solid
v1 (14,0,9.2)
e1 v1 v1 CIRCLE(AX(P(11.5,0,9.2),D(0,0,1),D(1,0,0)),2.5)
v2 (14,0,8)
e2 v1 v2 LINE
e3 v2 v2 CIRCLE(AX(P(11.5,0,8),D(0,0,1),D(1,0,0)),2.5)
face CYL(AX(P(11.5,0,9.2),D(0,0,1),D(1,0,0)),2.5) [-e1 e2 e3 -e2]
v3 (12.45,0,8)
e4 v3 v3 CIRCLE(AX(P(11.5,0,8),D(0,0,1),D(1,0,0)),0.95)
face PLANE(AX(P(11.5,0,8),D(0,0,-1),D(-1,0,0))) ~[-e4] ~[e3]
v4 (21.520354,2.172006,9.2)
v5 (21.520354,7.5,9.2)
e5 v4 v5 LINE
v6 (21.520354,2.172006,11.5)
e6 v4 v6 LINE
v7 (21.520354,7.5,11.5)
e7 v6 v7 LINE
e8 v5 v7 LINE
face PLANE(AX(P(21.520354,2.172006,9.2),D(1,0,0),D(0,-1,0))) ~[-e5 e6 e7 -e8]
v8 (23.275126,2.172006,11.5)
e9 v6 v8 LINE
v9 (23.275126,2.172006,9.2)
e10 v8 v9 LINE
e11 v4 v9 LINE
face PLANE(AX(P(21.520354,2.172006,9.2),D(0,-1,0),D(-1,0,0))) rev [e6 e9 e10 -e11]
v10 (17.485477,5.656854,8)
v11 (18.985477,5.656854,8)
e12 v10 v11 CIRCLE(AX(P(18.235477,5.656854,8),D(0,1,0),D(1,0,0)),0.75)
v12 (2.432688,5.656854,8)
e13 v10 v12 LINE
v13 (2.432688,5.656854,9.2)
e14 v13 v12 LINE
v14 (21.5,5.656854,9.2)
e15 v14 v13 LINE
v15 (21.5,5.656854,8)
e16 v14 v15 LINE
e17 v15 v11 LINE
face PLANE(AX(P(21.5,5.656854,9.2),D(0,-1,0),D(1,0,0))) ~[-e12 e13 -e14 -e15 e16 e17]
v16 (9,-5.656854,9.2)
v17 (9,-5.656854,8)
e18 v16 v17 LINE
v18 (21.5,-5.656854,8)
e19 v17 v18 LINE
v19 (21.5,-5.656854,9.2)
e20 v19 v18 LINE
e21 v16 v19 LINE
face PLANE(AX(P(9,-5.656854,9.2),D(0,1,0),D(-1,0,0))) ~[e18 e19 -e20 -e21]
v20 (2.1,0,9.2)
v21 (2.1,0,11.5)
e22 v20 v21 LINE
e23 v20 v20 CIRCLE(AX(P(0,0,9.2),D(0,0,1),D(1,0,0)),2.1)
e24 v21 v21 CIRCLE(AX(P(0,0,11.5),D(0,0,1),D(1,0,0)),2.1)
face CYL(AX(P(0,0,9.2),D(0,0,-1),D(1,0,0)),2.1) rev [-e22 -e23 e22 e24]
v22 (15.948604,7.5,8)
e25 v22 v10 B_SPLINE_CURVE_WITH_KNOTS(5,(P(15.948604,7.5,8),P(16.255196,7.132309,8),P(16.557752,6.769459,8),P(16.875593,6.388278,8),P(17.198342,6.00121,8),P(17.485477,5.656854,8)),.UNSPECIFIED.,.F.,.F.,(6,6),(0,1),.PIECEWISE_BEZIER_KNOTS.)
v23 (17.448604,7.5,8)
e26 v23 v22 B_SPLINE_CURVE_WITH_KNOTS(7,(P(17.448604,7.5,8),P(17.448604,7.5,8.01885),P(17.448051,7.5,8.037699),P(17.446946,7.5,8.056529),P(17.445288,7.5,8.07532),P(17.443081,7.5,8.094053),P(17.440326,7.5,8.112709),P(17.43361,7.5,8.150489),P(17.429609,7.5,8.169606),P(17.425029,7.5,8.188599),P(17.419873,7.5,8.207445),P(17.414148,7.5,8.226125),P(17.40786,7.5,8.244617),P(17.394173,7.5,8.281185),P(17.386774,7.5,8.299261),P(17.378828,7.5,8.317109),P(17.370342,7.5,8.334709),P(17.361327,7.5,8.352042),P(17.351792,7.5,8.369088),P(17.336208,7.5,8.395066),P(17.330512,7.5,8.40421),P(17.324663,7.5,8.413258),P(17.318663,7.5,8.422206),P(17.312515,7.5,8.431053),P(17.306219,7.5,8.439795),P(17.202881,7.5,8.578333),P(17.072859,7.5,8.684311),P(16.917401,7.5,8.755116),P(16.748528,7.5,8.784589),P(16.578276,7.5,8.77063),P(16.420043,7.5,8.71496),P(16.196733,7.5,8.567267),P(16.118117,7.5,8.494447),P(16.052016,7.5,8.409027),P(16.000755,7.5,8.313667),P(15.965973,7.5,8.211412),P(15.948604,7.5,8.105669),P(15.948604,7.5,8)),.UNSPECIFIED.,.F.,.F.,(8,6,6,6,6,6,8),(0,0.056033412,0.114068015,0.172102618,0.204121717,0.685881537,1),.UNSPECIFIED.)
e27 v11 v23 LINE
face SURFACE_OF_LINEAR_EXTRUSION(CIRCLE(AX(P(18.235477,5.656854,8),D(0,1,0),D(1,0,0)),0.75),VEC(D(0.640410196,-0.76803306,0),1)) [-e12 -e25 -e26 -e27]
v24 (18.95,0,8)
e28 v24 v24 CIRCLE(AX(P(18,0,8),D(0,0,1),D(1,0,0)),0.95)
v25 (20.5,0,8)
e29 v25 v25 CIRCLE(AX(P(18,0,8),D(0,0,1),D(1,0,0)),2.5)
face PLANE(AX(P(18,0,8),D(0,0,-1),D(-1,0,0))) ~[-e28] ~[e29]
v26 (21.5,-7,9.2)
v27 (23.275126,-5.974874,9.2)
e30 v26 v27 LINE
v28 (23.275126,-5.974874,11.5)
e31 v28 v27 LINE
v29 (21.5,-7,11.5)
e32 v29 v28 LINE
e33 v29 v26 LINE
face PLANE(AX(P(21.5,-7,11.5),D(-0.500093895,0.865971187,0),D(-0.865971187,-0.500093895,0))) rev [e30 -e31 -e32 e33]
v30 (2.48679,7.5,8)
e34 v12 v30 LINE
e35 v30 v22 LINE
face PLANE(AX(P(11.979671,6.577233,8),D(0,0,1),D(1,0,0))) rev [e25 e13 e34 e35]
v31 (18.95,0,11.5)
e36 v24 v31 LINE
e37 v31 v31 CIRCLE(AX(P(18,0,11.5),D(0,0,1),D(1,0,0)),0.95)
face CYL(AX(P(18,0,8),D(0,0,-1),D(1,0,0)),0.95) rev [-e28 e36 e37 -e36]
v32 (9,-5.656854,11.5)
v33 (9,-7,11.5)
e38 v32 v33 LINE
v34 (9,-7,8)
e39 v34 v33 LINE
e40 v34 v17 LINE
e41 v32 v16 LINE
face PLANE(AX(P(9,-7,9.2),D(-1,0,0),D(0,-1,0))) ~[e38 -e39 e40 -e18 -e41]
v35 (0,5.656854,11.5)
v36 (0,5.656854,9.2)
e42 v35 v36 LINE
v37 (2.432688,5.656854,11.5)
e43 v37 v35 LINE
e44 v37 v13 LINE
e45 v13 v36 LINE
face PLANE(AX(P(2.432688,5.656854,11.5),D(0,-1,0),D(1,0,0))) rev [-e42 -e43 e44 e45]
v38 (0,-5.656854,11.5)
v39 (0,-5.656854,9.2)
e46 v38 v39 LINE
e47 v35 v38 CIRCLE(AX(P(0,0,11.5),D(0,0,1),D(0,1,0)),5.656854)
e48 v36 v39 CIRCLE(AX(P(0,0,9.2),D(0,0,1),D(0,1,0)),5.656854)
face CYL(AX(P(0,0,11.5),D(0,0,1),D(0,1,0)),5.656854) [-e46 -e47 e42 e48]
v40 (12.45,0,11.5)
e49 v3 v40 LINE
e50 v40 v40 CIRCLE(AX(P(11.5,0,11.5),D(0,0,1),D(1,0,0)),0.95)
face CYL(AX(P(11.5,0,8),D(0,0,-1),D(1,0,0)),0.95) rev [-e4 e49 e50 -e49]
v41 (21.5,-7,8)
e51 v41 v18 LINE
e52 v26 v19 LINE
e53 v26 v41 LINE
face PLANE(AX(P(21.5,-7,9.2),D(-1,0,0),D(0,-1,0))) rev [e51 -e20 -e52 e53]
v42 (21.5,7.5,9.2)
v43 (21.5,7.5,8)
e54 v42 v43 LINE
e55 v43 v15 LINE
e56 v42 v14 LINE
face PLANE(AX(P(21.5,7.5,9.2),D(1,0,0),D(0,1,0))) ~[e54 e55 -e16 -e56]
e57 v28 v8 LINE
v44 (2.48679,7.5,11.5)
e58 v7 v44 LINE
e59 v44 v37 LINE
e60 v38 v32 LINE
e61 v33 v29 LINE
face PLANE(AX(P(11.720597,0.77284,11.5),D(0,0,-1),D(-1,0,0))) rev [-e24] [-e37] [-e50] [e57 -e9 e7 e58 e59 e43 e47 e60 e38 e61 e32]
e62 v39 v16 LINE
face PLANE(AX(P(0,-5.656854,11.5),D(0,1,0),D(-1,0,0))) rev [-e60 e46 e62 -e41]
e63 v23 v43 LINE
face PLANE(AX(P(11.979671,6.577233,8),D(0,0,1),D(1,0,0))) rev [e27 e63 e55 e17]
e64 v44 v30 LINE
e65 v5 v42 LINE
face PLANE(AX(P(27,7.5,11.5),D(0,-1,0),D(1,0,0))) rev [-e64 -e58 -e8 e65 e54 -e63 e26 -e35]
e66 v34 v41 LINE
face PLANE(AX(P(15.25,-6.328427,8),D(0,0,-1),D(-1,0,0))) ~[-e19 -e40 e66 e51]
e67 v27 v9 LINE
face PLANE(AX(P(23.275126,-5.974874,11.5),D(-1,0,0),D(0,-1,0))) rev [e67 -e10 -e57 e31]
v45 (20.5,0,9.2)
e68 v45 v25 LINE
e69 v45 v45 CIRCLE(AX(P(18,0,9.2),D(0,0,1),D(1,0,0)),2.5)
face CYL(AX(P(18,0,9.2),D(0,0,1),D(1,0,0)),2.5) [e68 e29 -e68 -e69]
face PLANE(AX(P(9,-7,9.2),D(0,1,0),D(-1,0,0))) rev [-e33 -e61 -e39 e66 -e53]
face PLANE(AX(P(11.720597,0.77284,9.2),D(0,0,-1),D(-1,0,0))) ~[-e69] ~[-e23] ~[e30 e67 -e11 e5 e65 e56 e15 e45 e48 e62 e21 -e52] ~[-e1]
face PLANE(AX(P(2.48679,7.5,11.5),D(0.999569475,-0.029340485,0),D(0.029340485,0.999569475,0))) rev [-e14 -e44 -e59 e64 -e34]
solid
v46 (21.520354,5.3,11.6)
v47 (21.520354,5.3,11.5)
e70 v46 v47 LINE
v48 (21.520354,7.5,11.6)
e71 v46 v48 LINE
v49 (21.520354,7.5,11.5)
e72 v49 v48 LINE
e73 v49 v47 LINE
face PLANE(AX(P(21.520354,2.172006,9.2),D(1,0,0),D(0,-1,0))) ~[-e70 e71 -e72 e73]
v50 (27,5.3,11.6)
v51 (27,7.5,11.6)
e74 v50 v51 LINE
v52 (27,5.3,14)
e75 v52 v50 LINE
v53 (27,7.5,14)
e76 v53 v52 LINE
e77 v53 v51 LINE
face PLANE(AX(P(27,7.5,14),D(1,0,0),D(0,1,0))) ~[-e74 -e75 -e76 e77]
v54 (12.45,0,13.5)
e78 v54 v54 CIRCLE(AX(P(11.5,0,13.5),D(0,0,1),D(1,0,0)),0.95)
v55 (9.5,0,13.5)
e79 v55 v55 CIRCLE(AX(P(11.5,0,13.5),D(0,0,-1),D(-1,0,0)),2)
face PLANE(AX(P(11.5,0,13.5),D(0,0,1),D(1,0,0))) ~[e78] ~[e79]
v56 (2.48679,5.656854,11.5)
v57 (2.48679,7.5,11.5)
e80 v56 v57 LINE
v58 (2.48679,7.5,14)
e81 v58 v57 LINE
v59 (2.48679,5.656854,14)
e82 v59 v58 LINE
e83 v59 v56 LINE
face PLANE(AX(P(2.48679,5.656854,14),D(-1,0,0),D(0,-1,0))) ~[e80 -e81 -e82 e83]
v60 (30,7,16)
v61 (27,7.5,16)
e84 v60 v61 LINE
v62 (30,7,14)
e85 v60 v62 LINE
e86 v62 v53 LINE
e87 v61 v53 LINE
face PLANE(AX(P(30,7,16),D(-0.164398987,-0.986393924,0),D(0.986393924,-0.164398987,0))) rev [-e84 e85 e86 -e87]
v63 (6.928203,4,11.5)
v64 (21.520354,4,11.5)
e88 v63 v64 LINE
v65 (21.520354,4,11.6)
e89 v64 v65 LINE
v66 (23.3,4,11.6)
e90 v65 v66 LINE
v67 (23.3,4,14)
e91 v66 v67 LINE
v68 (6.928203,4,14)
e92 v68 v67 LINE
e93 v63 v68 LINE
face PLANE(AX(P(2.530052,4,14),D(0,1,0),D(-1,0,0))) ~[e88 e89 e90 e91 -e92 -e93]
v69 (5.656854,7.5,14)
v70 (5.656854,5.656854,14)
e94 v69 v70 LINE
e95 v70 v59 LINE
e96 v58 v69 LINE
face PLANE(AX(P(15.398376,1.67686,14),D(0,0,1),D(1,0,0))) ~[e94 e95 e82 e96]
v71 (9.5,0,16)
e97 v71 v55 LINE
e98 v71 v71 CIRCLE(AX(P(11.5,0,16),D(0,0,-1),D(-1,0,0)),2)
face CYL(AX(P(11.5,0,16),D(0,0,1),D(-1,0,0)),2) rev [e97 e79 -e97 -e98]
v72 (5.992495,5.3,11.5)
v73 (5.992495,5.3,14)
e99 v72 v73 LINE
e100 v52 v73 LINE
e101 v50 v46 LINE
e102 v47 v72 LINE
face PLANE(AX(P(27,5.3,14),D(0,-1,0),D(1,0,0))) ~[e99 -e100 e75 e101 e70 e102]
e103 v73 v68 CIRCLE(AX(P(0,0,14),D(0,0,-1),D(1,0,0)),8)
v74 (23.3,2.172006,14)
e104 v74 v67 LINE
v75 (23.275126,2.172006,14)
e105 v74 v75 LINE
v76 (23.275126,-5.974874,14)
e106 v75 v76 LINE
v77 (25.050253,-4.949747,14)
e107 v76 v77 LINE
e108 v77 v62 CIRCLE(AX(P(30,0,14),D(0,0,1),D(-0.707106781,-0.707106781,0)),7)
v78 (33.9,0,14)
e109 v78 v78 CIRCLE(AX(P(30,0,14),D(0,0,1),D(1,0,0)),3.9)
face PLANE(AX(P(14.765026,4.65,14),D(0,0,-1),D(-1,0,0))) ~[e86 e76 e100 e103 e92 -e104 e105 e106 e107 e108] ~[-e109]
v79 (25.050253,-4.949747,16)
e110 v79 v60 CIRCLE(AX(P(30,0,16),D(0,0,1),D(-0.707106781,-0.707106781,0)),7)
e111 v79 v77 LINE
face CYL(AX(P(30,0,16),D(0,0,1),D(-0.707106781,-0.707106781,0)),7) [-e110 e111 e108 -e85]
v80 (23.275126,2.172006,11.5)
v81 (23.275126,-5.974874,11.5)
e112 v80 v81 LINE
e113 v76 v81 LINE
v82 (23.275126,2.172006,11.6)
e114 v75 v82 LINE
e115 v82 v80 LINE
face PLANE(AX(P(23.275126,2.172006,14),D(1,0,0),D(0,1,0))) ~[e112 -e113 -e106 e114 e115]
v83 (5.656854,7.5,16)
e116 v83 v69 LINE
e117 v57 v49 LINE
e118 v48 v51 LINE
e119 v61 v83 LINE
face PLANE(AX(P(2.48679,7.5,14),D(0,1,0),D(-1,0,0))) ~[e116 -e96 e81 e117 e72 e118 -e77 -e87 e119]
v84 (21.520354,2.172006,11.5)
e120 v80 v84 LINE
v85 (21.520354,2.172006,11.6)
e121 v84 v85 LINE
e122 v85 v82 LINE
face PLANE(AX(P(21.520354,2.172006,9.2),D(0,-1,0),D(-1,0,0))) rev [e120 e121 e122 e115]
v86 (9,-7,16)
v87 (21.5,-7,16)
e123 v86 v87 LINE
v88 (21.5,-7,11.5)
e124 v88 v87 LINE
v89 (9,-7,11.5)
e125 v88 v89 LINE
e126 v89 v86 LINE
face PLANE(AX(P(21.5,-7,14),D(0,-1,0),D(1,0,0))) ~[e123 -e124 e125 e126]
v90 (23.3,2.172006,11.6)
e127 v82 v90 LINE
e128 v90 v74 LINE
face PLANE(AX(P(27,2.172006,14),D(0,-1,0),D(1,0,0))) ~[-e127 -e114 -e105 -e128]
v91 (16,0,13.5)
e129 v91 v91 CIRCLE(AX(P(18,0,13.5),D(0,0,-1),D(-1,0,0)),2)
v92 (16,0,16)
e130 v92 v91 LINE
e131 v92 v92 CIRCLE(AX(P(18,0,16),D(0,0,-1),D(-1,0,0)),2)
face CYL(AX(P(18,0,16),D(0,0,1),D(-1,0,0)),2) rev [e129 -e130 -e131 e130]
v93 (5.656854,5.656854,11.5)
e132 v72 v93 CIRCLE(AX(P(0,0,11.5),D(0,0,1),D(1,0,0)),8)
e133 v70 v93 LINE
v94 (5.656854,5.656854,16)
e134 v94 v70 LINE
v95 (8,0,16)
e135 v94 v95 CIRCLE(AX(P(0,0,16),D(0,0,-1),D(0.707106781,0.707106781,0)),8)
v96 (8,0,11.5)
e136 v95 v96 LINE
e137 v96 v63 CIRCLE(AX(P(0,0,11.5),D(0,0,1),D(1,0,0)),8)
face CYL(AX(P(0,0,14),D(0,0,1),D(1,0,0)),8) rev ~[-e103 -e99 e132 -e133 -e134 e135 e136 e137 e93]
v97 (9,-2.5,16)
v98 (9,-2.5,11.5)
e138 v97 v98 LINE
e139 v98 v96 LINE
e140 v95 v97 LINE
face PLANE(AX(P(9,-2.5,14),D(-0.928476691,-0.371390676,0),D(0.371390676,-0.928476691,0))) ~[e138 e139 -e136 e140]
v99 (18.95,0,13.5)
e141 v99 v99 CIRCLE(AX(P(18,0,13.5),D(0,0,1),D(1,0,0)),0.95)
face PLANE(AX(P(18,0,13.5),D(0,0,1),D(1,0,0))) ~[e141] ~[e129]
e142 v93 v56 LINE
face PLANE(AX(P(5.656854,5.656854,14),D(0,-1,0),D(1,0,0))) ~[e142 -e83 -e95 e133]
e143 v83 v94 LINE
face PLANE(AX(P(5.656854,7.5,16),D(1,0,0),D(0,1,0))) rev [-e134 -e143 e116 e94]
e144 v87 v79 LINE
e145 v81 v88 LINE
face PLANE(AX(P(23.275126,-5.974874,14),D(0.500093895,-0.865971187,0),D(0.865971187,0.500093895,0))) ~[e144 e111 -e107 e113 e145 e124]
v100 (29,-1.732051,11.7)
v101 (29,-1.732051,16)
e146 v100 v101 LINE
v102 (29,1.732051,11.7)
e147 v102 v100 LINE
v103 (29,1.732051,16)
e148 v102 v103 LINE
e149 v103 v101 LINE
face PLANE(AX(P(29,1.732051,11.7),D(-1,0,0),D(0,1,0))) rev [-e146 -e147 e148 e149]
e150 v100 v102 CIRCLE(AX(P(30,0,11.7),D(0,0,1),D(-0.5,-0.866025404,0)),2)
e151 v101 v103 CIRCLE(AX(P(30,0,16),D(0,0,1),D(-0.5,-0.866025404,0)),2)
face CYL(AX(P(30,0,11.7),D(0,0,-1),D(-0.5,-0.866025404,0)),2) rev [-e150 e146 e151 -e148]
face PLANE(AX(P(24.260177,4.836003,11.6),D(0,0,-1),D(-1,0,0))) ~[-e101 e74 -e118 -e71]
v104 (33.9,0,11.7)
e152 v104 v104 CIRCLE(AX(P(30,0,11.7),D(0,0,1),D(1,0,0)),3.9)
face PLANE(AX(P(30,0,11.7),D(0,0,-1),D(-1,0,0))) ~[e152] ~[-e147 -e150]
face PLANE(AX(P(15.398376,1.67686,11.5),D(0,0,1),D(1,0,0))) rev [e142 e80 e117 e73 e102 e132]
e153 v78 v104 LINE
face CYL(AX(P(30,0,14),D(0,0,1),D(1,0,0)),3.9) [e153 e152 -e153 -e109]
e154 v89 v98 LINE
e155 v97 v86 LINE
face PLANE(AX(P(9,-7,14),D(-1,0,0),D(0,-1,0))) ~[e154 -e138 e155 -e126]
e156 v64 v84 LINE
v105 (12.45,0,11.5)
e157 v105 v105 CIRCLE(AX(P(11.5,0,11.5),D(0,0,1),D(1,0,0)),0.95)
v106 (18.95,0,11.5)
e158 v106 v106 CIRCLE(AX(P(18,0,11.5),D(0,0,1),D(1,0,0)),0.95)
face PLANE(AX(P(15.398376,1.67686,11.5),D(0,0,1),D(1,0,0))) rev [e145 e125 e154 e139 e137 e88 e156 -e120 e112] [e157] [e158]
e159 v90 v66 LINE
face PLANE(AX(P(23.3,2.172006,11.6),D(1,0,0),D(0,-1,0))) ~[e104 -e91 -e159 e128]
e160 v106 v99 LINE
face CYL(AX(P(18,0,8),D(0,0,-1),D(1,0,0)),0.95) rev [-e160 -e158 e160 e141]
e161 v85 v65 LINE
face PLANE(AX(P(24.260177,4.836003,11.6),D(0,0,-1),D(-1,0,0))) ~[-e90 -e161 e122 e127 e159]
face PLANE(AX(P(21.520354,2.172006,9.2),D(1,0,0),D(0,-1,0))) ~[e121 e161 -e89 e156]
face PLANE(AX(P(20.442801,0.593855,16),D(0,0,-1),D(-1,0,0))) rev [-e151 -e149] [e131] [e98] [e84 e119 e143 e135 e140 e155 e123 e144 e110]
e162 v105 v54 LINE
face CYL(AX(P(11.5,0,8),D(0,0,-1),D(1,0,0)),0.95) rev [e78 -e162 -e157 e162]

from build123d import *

# Parameters (mm, degrees)
BOSS_EXTRUDE1_DEPTH  = 2
BOSS_EXTRUDE6_DEPTH  = 2.5
CUT_EXTRUDE6_DEPTH   = 2.5
BOSS_EXTRUDE14_DEPTH = 2.3
SKETCH32_R           = 2.1
CUT_EXTRUDE7_DEPTH   = 2.3
SKETCH33_W           = 12.5
SKETCH33_H           = 1.343145751
BOSS_EXTRUDE15_DEPTH = 1.2
SKETCH35_W           = 5.479645997
SKETCH35_H           = 5.327993755
CUT_EXTRUDE8_DEPTH   = 2.4
SKETCH36_W           = 3.7
SKETCH36_H           = 1.827993755
CUT_EXTRUDE9_DEPTH   = 2.4
SKETCH37_R           = 3.9
BOSS_EXTRUDE16_DEPTH = 2.3
CUT_EXTRUDE10_DEPTH  = 5.3
SKETCH43_R           = 2.5
BOSS_EXTRUDE17_DEPTH = 1.2
SKETCH44_R           = 0.95
CUT_EXTRUDE11_DEPTH  = 9
SKETCH45_R           = 2
CUT_EXTRUDE12_DEPTH  = 2.5
SKETCH52_R           = 0.75
CUT_EXTRUDE13_DEPTH  = 10


with BuildPart() as part:
    # Sketch3 → Boss-Extrude1 (new body)
    with BuildSketch(Plane.XY):
        with BuildLine():
            Line((8, 0), (9, -2.5))
            Line((9, -2.5), (9, -7))
            Line((9, -7), (21.5, -7))
            Line((21.5, -7), (25.050252532, -4.949747468))
            ThreePointArc((25.050252532, -4.949747468), (36.467156728, -2.678784027), (30, 7))
            Line((30, 7), (27, 7.5))
            Line((27, 7.5), (5.656854249, 7.5))
            Line((5.656854249, 7.5), (5.656854249, 5.656854249))
            ThreePointArc((5.656854249, 5.656854249), (7.39103626, 3.061467459), (8, 0))
        make_face()
    extrude(amount=BOSS_EXTRUDE1_DEPTH)

    # Sketch22 → Boss-Extrude6 (add)
    with BuildSketch(Plane.XY.offset(2)):
        with BuildLine():
            Line((5.656854249, 5.656854249), (2.486790148, 5.656854249))
            Line((2.486790148, 5.656854249), (2.486790148, 7.5))
            Line((2.486790148, 7.5), (5.656854249, 7.5))
            Line((5.656854249, 7.5), (21.5, 7.5))
            Line((21.5, 7.5), (27, 7.5))
            Line((27, 7.5), (27, 2.172006245))
            Line((27, 2.172006245), (23.275126266, 2.172006245))
            Line((23.275126266, 2.172006245), (23.275126266, -5.974873734))
            Line((23.275126266, -5.974873734), (21.5, -7))
            Line((21.5, -7), (9, -7))
            Line((9, -7), (9, -2.5))
            Line((9, -2.5), (8, 0))
            ThreePointArc((8, 0), (7.39103626, 3.061467459), (5.656854249, 5.656854249))
        make_face()
    extrude(amount=BOSS_EXTRUDE6_DEPTH)

    # Sketch26 → Cut-Extrude6 (cut)
    with BuildSketch(Plane.XY.offset(2)):
        Polygon((18.098080448, 5.3), (2.530052458, 5.3), (2.530052458, 4), (18.098080448, 4), (27, 4), (27, 5.3), align=None)
    extrude(amount=CUT_EXTRUDE6_DEPTH, mode=Mode.SUBTRACT)


with BuildPart() as body_2:
    # Sketch31 → Boss-Extrude14 (new body)
    with BuildSketch(Plane.XY.offset(4.5)):
        with BuildLine():
            Line((2.432688066, 5.656854249), (0, 5.656854249))
            ThreePointArc((0, 5.656854249), (-5.656854249, 0), (0, -5.656854249))
            Line((0, -5.656854249), (9, -5.656854249))
            Line((9, -5.656854249), (9, -7))
            Line((9, -7), (21.5, -7))
            Line((21.5, -7), (23.275126266, -5.974873734))
            Line((23.275126266, -5.974873734), (23.275126266, 2.172006245))
            Line((23.275126266, 2.172006245), (27, 2.172006245))
            Line((27, 2.172006245), (27, 7.5))
            Line((27, 7.5), (2.486790148, 7.5))
            Line((2.486790148, 7.5), (2.432688066, 5.656854249))
        make_face()
    extrude(amount=BOSS_EXTRUDE14_DEPTH)

    # Sketch32 → Cut-Extrude7 (cut)
    with BuildSketch(Plane.XY.offset(6.8)):
        Circle(SKETCH32_R)
    extrude(amount=-CUT_EXTRUDE7_DEPTH, mode=Mode.SUBTRACT)

    # Sketch33 → Boss-Extrude15 (add)
    with BuildSketch(Plane.XY.offset(6.8)):
        with Locations((15.25, -6.328427125)):
            Rectangle(SKETCH33_W, SKETCH33_H)
        Polygon((2.486790148, 7.5), (21.5, 7.5), (21.5, 5.656854249), (2.432688066, 5.656854249), align=None)
    extrude(amount=BOSS_EXTRUDE15_DEPTH)


with BuildPart() as cut_extrude8_tool:
    # Sketch35 → Cut-Extrude8 (new body)
    with BuildSketch(Plane.XY.offset(6.8)):
        with Locations((24.260177002, 4.836003123)):
            Rectangle(SKETCH35_W, SKETCH35_H)
    extrude(amount=-CUT_EXTRUDE8_DEPTH)


with BuildPart() as part_1:
    add(part.part)

    # Cut-Extrude8: cut by cut_extrude8_tool
    add(cut_extrude8_tool.part, mode=Mode.SUBTRACT)

    # Sketch36 → Cut-Extrude9 (cut)
    with BuildSketch(Plane.XY.offset(4.4)):
        with Locations((25.15, 3.086003123)):
            Rectangle(SKETCH36_W, SKETCH36_H)
    extrude(amount=-CUT_EXTRUDE9_DEPTH, mode=Mode.SUBTRACT)

    # Sketch37 → Boss-Extrude16 (add)
    with BuildSketch(Plane.XY.offset(2)):
        with Locations((30, 0)):
            Circle(SKETCH37_R)
    extrude(amount=BOSS_EXTRUDE16_DEPTH)

    # Sketch39 → Cut-Extrude10 (cut, through all)
    with BuildSketch(Plane.XY.offset(4.3)):
        with BuildLine():
            Line((29, 1.732050808), (29, -1.732050808))
            ThreePointArc((29, -1.732050808), (32, 0), (29, 1.732050808))
        make_face()
    extrude(amount=-CUT_EXTRUDE10_DEPTH, mode=Mode.SUBTRACT)


with BuildPart() as body_2_1:
    add(body_2.part)

    # Cut-Extrude8: cut by cut_extrude8_tool
    add(cut_extrude8_tool.part, mode=Mode.SUBTRACT)

    # Sketch43 → Boss-Extrude17 (add)
    with BuildSketch(Plane.XY.offset(6.8)):
        with Locations((11.5, 0)):
            Circle(SKETCH43_R)
        with Locations((18, 0)):
            Circle(SKETCH43_R)
    extrude(amount=BOSS_EXTRUDE17_DEPTH)


with BuildPart() as cut_extrude11_tool:
    # Sketch44 → Cut-Extrude11 (new body, through all)
    with BuildSketch(Plane.XY.offset(8)):
        with Locations((11.5, 0)):
            Circle(SKETCH44_R)
        with Locations((18, 0)):
            Circle(SKETCH44_R)
    extrude(amount=-CUT_EXTRUDE11_DEPTH)


with BuildPart() as part_2:
    add(part_1.part)

    # Cut-Extrude11: cut by cut_extrude11_tool
    add(cut_extrude11_tool.part, mode=Mode.SUBTRACT)

    # Sketch45 → Cut-Extrude12 (cut)
    with BuildSketch(Plane(origin=(0, 0, 0), x_dir=(-1, 0, 0), z_dir=(0, 0, -1))):
        with Locations((-11.5, 0)):
            Circle(SKETCH45_R)
        with Locations((-18, 0)):
            Circle(SKETCH45_R)
    extrude(amount=-CUT_EXTRUDE12_DEPTH, mode=Mode.SUBTRACT)


with BuildPart() as body_2_2:
    add(body_2_1.part)

    # Cut-Extrude11: cut by cut_extrude11_tool
    add(cut_extrude11_tool.part, mode=Mode.SUBTRACT)

    # Sketch52 → Cut-Extrude13 (cut, along a direction that is not the sketch's normal)
    with BuildSketch(Plane.XZ.offset(-5.656854249)):
        with Locations((18.235476819, 8)):
            Circle(SKETCH52_R)
    extrude(amount=-CUT_EXTRUDE13_DEPTH, dir=(0.640410196, -0.76803306, 0), mode=Mode.SUBTRACT)


with BuildPart() as body_3:
    # Mirror1: mirrored copy
    add(body_2_2.part.mirror(Plane.XY.offset(8)))


with BuildPart() as body_4:
    # Mirror1 2: mirrored copy
    add(part_2.part.mirror(Plane.XY.offset(8)))


solid = Compound([body_3.part, body_4.part])
